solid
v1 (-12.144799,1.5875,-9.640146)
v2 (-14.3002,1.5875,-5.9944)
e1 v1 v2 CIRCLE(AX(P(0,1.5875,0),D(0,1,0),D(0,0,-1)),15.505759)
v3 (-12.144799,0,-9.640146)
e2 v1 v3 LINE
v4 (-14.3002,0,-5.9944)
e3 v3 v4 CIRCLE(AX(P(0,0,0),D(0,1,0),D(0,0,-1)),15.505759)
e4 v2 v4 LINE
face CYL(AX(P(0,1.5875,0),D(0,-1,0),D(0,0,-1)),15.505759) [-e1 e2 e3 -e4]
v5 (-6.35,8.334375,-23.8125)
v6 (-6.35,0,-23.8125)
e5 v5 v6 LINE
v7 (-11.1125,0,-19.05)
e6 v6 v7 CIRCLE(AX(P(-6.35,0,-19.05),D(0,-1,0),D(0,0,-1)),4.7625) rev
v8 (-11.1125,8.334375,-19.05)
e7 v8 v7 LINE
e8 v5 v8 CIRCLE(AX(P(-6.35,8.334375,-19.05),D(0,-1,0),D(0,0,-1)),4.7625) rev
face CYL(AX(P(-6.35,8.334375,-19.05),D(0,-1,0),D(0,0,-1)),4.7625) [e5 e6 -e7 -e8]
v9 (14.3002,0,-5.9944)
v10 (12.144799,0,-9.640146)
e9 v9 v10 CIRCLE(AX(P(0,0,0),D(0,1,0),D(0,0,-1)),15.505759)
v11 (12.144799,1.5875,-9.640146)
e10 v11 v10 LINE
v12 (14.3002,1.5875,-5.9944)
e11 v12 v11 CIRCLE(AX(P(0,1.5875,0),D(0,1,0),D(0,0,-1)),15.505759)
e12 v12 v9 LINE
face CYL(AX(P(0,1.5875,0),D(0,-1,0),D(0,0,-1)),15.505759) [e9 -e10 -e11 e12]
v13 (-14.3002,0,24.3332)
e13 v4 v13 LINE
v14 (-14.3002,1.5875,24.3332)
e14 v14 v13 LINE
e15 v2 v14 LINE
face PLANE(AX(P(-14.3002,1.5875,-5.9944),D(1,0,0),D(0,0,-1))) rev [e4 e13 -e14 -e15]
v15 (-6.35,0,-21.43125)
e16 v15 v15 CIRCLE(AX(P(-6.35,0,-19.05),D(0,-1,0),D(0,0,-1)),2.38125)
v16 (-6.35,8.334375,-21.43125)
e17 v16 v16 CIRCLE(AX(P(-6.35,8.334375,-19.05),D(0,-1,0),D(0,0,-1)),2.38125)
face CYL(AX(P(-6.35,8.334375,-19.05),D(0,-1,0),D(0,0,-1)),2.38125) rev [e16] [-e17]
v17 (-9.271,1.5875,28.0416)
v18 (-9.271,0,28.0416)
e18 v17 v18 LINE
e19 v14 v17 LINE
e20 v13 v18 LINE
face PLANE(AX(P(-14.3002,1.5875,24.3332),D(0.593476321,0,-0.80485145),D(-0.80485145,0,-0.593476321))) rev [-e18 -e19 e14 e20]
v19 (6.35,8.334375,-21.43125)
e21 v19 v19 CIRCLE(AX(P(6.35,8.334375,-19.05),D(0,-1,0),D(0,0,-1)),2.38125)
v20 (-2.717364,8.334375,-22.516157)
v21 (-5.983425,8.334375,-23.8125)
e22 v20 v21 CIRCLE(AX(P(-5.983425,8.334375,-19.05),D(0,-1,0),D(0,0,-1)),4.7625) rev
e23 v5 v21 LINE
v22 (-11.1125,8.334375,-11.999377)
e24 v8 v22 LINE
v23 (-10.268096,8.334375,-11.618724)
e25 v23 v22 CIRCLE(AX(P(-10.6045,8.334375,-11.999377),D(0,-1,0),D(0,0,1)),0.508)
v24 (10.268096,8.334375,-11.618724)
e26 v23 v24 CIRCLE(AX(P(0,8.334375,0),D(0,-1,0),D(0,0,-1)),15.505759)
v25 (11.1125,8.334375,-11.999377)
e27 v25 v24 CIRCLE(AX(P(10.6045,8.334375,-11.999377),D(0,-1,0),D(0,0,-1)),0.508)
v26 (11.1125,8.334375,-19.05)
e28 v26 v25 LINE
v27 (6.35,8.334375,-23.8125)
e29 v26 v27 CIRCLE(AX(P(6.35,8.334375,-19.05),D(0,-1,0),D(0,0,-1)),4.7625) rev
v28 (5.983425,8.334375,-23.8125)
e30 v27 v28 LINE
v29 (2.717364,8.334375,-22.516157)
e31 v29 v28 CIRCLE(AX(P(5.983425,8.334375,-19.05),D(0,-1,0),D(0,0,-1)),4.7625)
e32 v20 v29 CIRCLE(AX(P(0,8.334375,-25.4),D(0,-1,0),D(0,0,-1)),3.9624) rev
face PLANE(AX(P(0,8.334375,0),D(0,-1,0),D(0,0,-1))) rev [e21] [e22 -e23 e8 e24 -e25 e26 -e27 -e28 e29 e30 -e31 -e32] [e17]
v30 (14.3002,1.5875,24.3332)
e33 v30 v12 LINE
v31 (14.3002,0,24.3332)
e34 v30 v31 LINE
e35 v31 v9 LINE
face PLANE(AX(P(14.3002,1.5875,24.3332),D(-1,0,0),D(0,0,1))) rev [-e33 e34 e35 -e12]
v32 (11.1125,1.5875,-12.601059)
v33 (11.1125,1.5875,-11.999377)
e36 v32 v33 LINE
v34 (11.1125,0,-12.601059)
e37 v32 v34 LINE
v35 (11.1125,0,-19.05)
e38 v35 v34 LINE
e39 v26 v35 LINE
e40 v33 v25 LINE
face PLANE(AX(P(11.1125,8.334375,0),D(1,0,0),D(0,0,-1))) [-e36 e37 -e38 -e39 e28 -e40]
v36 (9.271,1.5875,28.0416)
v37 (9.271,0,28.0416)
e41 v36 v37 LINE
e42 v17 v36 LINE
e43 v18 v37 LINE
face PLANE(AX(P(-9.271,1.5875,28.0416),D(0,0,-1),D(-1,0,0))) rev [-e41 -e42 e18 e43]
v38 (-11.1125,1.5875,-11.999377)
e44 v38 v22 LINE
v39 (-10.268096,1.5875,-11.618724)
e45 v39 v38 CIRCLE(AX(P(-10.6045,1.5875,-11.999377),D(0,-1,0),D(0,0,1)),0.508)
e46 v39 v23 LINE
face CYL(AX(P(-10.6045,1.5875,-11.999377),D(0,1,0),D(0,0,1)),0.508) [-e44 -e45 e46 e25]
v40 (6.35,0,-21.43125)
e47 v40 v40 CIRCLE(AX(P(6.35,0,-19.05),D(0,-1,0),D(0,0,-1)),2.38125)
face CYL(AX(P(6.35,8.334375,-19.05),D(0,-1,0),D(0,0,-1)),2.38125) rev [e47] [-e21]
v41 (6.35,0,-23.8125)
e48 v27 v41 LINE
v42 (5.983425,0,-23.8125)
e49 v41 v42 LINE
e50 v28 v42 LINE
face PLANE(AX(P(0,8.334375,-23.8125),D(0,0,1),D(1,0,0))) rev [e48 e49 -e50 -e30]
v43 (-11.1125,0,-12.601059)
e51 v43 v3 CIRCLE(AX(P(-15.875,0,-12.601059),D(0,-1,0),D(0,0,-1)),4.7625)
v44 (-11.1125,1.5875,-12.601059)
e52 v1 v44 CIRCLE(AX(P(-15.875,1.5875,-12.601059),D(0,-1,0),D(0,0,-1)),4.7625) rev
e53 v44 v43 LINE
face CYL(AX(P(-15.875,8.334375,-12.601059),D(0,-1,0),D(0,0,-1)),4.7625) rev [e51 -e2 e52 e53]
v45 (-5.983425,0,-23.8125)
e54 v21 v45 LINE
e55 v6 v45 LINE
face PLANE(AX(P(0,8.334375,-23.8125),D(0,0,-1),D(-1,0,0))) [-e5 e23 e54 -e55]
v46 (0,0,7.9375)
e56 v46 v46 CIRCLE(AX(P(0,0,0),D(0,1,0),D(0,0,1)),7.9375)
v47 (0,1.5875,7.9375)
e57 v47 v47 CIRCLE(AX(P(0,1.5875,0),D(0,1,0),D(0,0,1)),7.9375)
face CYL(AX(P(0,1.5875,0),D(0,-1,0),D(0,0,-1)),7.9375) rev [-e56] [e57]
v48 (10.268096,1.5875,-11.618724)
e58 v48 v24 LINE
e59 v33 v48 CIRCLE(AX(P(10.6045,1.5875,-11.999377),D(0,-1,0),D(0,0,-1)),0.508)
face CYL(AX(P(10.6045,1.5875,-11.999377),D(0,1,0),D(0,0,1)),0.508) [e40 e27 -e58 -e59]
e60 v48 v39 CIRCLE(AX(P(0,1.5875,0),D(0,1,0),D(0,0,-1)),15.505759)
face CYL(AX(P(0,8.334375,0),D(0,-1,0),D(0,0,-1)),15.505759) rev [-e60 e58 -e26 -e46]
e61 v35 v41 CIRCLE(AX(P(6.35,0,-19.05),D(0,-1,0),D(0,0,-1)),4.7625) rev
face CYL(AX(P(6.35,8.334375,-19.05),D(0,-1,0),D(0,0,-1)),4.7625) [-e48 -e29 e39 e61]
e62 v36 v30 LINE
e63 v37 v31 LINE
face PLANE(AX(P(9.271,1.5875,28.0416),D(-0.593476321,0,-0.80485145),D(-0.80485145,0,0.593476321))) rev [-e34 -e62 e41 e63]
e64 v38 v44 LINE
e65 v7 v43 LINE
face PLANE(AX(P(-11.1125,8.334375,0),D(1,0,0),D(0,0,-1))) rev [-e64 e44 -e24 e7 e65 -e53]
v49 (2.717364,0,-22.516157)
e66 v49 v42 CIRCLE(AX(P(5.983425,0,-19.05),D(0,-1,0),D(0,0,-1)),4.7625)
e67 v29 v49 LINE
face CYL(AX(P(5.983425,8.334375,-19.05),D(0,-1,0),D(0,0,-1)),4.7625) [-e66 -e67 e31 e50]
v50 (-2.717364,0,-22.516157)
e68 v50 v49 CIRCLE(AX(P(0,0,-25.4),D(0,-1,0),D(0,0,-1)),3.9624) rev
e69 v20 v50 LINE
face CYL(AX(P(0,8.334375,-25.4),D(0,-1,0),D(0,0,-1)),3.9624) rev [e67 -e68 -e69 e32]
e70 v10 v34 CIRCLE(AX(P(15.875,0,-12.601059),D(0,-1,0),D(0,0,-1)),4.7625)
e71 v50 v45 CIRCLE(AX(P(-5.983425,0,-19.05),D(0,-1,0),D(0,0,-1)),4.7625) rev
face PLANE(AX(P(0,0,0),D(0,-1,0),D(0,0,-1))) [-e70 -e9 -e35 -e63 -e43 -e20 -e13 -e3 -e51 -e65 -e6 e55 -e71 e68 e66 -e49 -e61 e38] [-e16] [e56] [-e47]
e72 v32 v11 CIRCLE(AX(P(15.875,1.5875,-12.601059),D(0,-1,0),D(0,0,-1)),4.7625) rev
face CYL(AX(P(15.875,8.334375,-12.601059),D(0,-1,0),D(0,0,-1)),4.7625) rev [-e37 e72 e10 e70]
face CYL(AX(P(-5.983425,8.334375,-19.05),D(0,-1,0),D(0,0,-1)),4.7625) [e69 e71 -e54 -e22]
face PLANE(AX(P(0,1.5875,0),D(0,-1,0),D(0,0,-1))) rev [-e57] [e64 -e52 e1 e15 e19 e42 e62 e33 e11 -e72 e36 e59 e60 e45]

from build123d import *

# Parameters (mm, degrees)
SKETCH1_R           = 7.9375
BOSS_EXTRUDE1_DEPTH = 1.5875
SKETCH2_R           = 2.38125
BOSS_EXTRUDE2_DEPTH = 8.334375
CUT_EXTRUDE1_START  = -6.746875
CUT_EXTRUDE1_DEPTH  = 6.746875


with BuildPart() as part:
    # Sketch1 → Boss-Extrude1 (new body)
    with BuildSketch(Plane(origin=(0, 0, 0), x_dir=(1, 0, 0), z_dir=(0, 1, 0))):
        with BuildLine():
            Line((-14.3002, -24.3332), (-9.271, -28.0416))
            Line((-9.271, -28.0416), (9.271, -28.0416))
            Line((9.271, -28.0416), (14.3002, -24.3332))
            Line((14.3002, -24.3332), (14.3002, 5.9944))
            ThreePointArc((14.3002, 5.9944), (0, 15.505758653), (-14.3002, 5.9944))
            Line((-14.3002, 5.9944), (-14.3002, -24.3332))
        make_face()
        with Locations(Location((0, 0, 0), (0, 0, 270))):
            Circle(SKETCH1_R, mode=Mode.SUBTRACT)
    extrude(amount=BOSS_EXTRUDE1_DEPTH)

    # Sketch2 → Boss-Extrude2 (add)
    with BuildSketch(Plane.XZ):
        with BuildLine():
            Line((-11.1125, -12.601058837), (-11.1125, -19.05))
            ThreePointArc((-11.1125, -19.05), (-9.717596045, -22.417596045), (-6.35, -23.8125))
            Line((-6.35, -23.8125), (-5.983425441, -23.8125))
            ThreePointArc((-5.983425441, -23.8125), (-4.22646321, -23.476566386), (-2.717363519, -22.516157205))
            ThreePointArc((-2.717363519, -22.516157205), (0, -21.4376), (2.717363519, -22.516157205))
            ThreePointArc((2.717363519, -22.516157205), (4.22646321, -23.476566386), (5.983425441, -23.8125))
            Line((5.983425441, -23.8125), (6.35, -23.8125))
            ThreePointArc((6.35, -23.8125), (9.717596045, -22.417596045), (11.1125, -19.05))
            Line((11.1125, -19.05), (11.1125, -12.601058837))
            ThreePointArc((11.1125, -12.601058837), (11.377973728, -11.033206497), (12.144798566, -9.640146223))
            ThreePointArc((12.144798566, -9.640146223), (0, -15.505758653), (-12.144798566, -9.640146223))
            ThreePointArc((-12.144798566, -9.640146223), (-11.377973728, -11.033206497), (-11.1125, -12.601058837))
        make_face()
        with Locations(Location((-6.35, -19.05, 0), (0, 0, 270))):
            Circle(SKETCH2_R, mode=Mode.SUBTRACT)
        with Locations(Location((6.35, -19.05, 0), (0, 0, 270))):
            Circle(SKETCH2_R, mode=Mode.SUBTRACT)
    extrude(amount=-BOSS_EXTRUDE2_DEPTH)

    # Sketch3 → Cut-Extrude1 (cut)
    with BuildSketch(Plane(origin=(0, 8.334375, 0), x_dir=(1, 0, 0), z_dir=(0, 1, 0)).offset(CUT_EXTRUDE1_START)):
        with BuildLine():
            Line((-11.1125, 19.05), (-11.1125, 11.999376898))
            ThreePointArc((-11.1125, 11.999376898), (-10.813271374, 11.536258648), (-10.268096404, 11.618724011))
            ThreePointArc((-10.268096404, 11.618724011), (0, 15.505758653), (10.268096404, 11.618724011))
            ThreePointArc((10.268096404, 11.618724011), (10.813271374, 11.536258648), (11.1125, 11.999376898))
            Line((11.1125, 11.999376898), (11.1125, 19.05))
            Line((11.1125, 19.05), (16.416178114, 6.350325815))
            Line((16.416178114, 6.350325815), (-16.620971452, 6.890442702))
            Line((-16.620971452, 6.890442702), (-11.1125, 19.05))
        make_face()
    extrude(amount=CUT_EXTRUDE1_DEPTH, mode=Mode.SUBTRACT)


solid = part.part
